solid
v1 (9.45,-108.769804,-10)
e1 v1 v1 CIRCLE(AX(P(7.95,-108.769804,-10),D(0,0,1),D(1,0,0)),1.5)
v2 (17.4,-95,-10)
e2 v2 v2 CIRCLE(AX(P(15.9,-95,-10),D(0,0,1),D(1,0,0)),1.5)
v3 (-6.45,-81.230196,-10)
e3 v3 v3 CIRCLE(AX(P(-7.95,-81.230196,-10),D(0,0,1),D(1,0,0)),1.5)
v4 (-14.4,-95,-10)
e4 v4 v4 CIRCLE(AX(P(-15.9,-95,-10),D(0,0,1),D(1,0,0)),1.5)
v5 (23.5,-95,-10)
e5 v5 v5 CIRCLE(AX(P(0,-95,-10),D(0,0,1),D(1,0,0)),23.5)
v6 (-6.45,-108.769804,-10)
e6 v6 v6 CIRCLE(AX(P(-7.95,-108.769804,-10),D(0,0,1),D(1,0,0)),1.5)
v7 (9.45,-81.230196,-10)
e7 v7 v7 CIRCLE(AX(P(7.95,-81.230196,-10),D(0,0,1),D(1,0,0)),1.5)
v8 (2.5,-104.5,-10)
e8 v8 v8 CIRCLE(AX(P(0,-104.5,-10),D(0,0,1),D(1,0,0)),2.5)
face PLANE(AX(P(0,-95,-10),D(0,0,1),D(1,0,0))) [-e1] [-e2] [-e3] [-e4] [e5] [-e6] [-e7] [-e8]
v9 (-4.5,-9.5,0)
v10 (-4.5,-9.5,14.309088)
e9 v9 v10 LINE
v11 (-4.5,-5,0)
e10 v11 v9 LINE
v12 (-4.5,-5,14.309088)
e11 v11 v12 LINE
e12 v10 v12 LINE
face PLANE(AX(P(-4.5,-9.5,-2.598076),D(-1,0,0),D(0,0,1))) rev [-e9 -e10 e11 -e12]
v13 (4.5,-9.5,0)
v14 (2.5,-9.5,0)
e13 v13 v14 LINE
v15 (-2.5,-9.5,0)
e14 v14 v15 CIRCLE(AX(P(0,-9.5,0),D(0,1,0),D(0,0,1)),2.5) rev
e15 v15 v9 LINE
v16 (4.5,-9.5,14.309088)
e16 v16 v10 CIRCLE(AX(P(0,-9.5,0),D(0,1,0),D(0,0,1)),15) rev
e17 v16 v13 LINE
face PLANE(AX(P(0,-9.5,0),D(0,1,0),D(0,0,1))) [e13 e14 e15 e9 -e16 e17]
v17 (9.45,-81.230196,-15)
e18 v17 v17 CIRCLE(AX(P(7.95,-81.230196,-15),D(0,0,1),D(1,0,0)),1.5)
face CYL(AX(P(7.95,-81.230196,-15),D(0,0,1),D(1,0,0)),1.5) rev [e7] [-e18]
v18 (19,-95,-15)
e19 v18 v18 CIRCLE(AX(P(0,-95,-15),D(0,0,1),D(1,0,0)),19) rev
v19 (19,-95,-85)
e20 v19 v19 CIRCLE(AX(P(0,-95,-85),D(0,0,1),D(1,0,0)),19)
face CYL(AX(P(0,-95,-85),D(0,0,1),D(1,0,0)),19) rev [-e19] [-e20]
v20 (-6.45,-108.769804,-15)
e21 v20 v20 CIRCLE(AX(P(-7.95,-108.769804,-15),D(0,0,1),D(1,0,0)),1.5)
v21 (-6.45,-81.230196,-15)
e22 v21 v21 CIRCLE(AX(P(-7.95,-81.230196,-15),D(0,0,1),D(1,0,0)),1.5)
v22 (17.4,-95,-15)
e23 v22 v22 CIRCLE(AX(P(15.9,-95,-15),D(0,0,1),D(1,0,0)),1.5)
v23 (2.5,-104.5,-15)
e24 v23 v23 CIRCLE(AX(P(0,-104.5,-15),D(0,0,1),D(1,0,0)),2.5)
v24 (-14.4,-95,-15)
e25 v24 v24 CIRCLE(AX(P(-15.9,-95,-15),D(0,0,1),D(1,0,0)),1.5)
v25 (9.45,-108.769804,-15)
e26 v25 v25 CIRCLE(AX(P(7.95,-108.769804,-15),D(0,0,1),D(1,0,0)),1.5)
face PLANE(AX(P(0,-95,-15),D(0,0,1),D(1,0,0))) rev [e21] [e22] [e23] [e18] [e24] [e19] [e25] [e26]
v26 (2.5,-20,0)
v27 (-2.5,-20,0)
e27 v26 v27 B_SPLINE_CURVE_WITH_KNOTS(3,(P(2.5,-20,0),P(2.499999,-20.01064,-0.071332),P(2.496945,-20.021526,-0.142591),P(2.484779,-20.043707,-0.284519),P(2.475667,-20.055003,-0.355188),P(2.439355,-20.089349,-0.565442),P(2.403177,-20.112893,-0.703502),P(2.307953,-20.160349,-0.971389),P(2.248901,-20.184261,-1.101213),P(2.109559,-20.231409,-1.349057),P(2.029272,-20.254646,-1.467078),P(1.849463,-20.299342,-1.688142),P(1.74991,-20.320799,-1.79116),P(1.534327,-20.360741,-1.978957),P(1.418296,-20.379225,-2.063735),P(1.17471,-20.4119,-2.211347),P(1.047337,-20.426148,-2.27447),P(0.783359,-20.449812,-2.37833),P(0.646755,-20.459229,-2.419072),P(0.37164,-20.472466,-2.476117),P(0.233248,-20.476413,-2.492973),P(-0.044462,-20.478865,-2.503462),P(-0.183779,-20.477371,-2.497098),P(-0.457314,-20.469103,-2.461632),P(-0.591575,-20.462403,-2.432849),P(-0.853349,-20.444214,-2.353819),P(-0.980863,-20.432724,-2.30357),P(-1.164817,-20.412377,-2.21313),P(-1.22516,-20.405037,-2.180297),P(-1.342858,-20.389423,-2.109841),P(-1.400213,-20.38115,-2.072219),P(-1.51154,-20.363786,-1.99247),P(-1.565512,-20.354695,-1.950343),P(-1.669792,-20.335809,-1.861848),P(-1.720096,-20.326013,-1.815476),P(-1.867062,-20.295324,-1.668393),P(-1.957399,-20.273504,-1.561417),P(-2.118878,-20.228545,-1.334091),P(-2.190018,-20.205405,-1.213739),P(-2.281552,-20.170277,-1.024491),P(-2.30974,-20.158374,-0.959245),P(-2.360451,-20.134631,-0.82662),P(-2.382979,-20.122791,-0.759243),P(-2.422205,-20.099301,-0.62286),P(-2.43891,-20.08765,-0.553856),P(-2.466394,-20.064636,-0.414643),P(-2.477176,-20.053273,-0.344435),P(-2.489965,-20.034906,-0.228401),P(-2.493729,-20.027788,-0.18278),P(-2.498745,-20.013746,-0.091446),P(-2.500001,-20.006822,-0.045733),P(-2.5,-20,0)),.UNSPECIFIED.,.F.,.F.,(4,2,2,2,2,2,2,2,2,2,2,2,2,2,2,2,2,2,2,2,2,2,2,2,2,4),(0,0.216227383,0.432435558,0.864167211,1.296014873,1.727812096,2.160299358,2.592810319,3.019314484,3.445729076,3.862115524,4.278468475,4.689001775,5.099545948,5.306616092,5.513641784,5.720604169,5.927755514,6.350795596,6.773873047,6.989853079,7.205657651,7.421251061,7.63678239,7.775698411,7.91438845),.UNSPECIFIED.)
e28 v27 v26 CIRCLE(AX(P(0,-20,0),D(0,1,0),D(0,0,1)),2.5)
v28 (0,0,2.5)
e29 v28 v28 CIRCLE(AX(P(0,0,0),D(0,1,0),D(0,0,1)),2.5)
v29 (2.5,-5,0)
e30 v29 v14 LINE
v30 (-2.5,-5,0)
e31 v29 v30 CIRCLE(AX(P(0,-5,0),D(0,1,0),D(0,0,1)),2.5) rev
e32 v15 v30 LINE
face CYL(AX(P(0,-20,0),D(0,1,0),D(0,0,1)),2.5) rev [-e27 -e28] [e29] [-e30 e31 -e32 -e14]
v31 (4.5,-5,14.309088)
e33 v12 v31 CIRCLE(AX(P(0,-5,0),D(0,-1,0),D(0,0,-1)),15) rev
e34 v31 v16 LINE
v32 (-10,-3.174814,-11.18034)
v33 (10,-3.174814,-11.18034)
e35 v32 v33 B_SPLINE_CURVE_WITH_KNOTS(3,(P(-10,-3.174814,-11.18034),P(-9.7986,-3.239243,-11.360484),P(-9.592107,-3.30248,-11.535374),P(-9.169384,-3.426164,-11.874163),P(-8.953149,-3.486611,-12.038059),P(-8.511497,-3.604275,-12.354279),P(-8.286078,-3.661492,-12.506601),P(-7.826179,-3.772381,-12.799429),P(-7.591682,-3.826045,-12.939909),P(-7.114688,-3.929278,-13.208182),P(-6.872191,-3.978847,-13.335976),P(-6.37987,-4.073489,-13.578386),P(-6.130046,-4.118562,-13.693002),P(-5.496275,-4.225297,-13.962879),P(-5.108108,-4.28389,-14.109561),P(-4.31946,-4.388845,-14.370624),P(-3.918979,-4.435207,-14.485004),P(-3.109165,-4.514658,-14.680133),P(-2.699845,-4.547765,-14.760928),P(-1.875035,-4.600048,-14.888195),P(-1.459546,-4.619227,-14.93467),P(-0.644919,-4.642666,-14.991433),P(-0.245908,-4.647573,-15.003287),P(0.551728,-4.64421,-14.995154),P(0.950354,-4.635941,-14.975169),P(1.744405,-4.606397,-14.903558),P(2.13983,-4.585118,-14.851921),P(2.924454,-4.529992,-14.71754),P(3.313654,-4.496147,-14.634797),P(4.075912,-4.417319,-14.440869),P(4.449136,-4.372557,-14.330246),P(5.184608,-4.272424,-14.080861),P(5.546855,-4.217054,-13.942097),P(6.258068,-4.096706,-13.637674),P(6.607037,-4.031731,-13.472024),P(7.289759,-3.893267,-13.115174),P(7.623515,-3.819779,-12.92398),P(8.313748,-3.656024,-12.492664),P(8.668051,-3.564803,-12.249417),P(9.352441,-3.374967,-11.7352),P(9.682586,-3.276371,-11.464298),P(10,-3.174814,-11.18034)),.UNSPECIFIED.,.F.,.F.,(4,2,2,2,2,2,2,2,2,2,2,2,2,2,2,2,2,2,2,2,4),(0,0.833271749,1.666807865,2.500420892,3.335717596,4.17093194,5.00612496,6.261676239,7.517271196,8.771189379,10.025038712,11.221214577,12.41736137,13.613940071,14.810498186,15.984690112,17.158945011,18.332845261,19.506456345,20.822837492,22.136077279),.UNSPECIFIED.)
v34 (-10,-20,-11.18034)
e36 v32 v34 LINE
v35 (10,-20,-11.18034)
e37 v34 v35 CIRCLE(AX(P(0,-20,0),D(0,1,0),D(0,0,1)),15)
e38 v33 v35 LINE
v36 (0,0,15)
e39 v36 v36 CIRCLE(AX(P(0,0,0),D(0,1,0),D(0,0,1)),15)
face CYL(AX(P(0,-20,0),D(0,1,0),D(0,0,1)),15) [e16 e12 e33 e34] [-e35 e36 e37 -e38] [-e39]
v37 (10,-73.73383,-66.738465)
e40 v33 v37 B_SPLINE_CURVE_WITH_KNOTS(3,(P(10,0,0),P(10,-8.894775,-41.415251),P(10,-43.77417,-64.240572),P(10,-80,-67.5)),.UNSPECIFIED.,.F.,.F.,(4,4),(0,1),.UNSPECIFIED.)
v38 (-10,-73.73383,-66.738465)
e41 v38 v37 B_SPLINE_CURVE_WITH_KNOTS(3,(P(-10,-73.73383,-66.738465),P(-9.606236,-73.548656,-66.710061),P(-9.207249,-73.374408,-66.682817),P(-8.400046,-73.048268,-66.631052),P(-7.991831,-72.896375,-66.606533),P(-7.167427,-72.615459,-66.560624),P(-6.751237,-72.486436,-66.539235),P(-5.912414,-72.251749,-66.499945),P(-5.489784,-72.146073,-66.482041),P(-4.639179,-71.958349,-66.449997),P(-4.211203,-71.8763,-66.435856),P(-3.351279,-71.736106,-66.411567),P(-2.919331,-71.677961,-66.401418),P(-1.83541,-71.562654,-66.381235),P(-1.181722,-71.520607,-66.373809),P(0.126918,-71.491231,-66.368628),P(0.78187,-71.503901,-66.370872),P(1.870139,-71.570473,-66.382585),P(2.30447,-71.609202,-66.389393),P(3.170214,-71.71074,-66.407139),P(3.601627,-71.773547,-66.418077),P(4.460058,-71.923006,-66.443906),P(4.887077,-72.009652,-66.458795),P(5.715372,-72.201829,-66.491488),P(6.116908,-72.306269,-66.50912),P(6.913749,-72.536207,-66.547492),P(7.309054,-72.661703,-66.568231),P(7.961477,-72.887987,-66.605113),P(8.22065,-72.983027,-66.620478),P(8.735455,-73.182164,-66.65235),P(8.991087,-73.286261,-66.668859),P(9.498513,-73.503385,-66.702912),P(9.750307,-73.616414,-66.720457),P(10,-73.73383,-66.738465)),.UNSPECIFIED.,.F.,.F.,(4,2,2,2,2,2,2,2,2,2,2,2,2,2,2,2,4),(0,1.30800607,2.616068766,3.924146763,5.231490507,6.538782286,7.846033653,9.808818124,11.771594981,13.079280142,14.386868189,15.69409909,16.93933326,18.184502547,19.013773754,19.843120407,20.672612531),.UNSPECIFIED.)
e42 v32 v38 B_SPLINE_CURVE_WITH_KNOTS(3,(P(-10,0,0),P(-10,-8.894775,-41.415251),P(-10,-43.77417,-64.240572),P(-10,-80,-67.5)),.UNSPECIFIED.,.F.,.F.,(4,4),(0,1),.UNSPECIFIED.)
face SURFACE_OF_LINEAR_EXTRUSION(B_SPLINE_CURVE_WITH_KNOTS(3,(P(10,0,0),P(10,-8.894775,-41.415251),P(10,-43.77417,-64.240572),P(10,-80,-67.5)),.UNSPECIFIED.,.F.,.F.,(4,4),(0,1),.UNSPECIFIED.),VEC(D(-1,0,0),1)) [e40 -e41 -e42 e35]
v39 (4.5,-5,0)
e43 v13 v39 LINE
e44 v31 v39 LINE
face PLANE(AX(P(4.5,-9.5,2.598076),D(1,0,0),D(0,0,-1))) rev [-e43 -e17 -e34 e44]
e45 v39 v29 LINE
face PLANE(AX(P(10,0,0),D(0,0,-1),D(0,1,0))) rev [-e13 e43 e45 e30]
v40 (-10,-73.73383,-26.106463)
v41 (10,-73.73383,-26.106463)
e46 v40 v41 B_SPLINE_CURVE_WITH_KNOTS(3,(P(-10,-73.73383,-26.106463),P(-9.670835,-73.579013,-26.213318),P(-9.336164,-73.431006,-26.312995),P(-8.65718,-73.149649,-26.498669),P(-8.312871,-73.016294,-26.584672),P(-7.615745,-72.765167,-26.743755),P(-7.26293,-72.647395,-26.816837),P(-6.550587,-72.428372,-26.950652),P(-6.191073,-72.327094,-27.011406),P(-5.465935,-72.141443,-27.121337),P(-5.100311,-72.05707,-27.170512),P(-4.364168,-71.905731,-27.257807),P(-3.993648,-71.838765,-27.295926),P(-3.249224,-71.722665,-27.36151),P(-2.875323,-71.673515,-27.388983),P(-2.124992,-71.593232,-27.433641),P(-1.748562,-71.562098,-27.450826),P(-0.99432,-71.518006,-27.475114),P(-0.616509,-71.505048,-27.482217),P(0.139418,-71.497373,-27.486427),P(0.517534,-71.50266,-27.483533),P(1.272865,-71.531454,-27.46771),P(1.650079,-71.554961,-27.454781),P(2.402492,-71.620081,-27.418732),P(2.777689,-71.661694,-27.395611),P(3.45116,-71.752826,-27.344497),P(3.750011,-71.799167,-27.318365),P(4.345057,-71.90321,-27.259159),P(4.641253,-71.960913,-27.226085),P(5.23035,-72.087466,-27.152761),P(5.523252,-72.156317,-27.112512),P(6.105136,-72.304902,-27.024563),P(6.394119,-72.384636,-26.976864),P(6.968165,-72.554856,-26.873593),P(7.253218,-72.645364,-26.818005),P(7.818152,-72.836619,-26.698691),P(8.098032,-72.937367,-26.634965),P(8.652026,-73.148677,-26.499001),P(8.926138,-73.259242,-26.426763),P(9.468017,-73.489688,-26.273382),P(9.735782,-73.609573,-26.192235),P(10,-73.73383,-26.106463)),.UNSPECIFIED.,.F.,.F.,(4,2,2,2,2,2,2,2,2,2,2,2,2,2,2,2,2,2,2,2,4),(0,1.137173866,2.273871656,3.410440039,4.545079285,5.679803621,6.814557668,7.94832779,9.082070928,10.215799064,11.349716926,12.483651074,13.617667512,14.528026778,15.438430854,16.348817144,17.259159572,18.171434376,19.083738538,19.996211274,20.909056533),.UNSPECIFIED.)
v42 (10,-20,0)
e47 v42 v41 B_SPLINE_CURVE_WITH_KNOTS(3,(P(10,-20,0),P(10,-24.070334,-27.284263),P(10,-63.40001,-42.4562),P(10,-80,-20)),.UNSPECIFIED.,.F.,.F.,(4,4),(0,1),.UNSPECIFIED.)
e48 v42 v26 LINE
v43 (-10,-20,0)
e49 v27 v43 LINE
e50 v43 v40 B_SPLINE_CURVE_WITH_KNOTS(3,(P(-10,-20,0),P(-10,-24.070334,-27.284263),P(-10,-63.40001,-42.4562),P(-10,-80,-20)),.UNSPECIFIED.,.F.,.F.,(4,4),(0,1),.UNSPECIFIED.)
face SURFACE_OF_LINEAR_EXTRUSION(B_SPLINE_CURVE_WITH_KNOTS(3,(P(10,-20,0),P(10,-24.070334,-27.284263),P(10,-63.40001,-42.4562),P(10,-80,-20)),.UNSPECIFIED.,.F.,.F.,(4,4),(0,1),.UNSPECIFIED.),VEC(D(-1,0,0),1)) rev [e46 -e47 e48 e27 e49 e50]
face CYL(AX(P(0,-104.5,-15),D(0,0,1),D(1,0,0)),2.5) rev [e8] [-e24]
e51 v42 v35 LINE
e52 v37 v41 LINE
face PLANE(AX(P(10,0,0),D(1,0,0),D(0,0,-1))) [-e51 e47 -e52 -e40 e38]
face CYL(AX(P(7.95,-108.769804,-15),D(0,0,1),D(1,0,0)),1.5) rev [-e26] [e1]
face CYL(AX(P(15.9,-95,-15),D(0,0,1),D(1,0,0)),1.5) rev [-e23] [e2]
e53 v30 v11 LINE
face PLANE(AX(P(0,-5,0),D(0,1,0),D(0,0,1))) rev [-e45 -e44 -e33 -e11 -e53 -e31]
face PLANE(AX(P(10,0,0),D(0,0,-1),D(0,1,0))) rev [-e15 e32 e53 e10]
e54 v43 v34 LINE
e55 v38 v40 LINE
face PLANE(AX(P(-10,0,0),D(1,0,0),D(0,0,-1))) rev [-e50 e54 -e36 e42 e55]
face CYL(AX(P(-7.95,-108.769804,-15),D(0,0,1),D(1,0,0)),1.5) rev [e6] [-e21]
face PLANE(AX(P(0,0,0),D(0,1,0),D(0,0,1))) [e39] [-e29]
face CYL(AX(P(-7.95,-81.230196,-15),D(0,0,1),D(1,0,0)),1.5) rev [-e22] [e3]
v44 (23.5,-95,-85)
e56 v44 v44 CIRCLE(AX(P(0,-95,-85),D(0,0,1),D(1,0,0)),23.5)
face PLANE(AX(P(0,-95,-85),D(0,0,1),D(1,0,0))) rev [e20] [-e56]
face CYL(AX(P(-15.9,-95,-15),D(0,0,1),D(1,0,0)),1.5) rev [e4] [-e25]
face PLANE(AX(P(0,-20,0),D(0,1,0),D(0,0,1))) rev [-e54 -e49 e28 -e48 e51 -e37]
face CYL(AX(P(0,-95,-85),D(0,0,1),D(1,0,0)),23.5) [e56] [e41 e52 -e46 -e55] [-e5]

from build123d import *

# Parameters (mm, degrees)
SKETCH3_R           = 15
BOSS_EXTRUDE1_DEPTH = 20
SKETCH4_R           = 2.5
CUT_EXTRUDE1_DEPTH  = 30.154759474
CUT_EXTRUDE2_DEPTH  = 4.5
SKETCH7_W           = 9
SKETCH7_H           = 4.5
CUT_EXTRUDE3_DEPTH  = 30.154759474
BOSS_EXTRUDE3_DEPTH = 10
SKETCH9_R           = 2.5
CUT_EXTRUDE4_DEPTH  = 30
SKETCH12_R          = 23.5
BOSS_EXTRUDE6_DEPTH = 75
SKETCH13_R          = 19
CUT_EXTRUDE6_DEPTH  = 143.195288401
SKETCH14_R          = 19
BOSS_EXTRUDE7_DEPTH = 5
SKETCH15_R          = 1.5
SKETCH15_R_2        = 2.5
CUT_EXTRUDE8_DEPTH  = 5


with BuildPart() as part:
    # Sketch3 → Boss-Extrude1 (new body)
    with BuildSketch(Plane(origin=(0, 0, 0), x_dir=(1, 0, 0), z_dir=(0, 1, 0))):
        with Locations(Location((0, 0, 0), (0, 0, 270))):
            Circle(SKETCH3_R)
    extrude(amount=-BOSS_EXTRUDE1_DEPTH)

    # Sketch4 → Cut-Extrude1 (cut, through all)
    with BuildSketch(Plane(origin=(0, 0, 0), x_dir=(1, 0, 0), z_dir=(0, 1, 0))):
        with Locations(Location((0, 0, 0), (0, 0, 270))):
            Circle(SKETCH4_R)
    extrude(amount=-CUT_EXTRUDE1_DEPTH, mode=Mode.SUBTRACT)

    # Sketch6 → Cut-Extrude2 (cut)
    with BuildSketch(Plane(origin=(0, -5, 0), x_dir=(1, 0, 0), z_dir=(0, 1, 0))):
        Polygon((4.5, -2.598076211), (4.5, 2.598076211), (0, 5.196152423), (-4.5, 2.598076211), (-4.5, -2.598076211), (0, -5.196152423), align=None)
    extrude(amount=-CUT_EXTRUDE2_DEPTH, mode=Mode.SUBTRACT)

    # Sketch7 → Cut-Extrude3 (cut, through all)
    with BuildSketch(Plane.XY):
        with Locations((0, -7.25)):
            Rectangle(SKETCH7_W, SKETCH7_H)
    extrude(amount=CUT_EXTRUDE3_DEPTH, mode=Mode.SUBTRACT)

    # Sketch8 → Boss-Extrude3 (add, symmetric)
    with BuildSketch(Plane(origin=(0, 0, 0), x_dir=(0, 0, -1), z_dir=(1, 0, 0))):
        with BuildLine():
            Line((0, 0), (0, -20))
            add(Edge.make_bspline(
                [(0, -20), (27.284263103, -24.07033424), (42.456200025, -63.400009775), (20, -80)],
                knots=[0, 0, 0, 0, 1, 1, 1, 1], degree=3))
            Line((20, -80), (67.5, -80))
            add(Edge.make_bspline(
                [(0, 0), (41.415251378, -8.894775063), (64.240572417, -43.774170089), (67.5, -80)],
                knots=[0, 0, 0, 0, 1, 1, 1, 1], degree=3))
        make_face()
    extrude(amount=BOSS_EXTRUDE3_DEPTH, both=True)

    # Sketch9 → Cut-Extrude4 (cut)
    with BuildSketch(Plane(origin=(0, 0, 0), x_dir=(1, 0, 0), z_dir=(0, 1, 0))):
        with Locations(Location((0, 0, 0), (0, 0, 270))):
            Circle(SKETCH9_R)
    extrude(amount=-CUT_EXTRUDE4_DEPTH, mode=Mode.SUBTRACT)

    # Sketch12 → Boss-Extrude6 (add)
    with BuildSketch(Plane.XY.offset(-10)):
        with Locations((0, -95)):
            Circle(SKETCH12_R)
    extrude(amount=-BOSS_EXTRUDE6_DEPTH)

    # Sketch13 → Cut-Extrude6 (cut, through all)
    with BuildSketch(Plane.XY.offset(-10)):
        with Locations((0, -95)):
            Circle(SKETCH13_R)
    extrude(amount=-CUT_EXTRUDE6_DEPTH, mode=Mode.SUBTRACT)

    # Sketch14 → Boss-Extrude7 (add)
    with BuildSketch(Plane.XY.offset(-10)):
        with Locations((0, -95)):
            Circle(SKETCH14_R)
    extrude(amount=-BOSS_EXTRUDE7_DEPTH)

    # Sketch15 → Cut-Extrude8 (cut)
    with BuildSketch(Plane.XY.offset(-10)):
        with Locations((15.9, -95)):
            Circle(SKETCH15_R)
        with Locations((7.95, -108.76980392)):
            Circle(SKETCH15_R)
        with Locations((-7.95, -108.76980392)):
            Circle(SKETCH15_R)
        with Locations((-15.9, -95)):
            Circle(SKETCH15_R)
        with Locations((-7.95, -81.23019608)):
            Circle(SKETCH15_R)
        with Locations((7.95, -81.23019608)):
            Circle(SKETCH15_R)
        with Locations((0, -104.5)):
            Circle(SKETCH15_R_2)
    extrude(amount=-CUT_EXTRUDE8_DEPTH, mode=Mode.SUBTRACT)


solid = part.part
